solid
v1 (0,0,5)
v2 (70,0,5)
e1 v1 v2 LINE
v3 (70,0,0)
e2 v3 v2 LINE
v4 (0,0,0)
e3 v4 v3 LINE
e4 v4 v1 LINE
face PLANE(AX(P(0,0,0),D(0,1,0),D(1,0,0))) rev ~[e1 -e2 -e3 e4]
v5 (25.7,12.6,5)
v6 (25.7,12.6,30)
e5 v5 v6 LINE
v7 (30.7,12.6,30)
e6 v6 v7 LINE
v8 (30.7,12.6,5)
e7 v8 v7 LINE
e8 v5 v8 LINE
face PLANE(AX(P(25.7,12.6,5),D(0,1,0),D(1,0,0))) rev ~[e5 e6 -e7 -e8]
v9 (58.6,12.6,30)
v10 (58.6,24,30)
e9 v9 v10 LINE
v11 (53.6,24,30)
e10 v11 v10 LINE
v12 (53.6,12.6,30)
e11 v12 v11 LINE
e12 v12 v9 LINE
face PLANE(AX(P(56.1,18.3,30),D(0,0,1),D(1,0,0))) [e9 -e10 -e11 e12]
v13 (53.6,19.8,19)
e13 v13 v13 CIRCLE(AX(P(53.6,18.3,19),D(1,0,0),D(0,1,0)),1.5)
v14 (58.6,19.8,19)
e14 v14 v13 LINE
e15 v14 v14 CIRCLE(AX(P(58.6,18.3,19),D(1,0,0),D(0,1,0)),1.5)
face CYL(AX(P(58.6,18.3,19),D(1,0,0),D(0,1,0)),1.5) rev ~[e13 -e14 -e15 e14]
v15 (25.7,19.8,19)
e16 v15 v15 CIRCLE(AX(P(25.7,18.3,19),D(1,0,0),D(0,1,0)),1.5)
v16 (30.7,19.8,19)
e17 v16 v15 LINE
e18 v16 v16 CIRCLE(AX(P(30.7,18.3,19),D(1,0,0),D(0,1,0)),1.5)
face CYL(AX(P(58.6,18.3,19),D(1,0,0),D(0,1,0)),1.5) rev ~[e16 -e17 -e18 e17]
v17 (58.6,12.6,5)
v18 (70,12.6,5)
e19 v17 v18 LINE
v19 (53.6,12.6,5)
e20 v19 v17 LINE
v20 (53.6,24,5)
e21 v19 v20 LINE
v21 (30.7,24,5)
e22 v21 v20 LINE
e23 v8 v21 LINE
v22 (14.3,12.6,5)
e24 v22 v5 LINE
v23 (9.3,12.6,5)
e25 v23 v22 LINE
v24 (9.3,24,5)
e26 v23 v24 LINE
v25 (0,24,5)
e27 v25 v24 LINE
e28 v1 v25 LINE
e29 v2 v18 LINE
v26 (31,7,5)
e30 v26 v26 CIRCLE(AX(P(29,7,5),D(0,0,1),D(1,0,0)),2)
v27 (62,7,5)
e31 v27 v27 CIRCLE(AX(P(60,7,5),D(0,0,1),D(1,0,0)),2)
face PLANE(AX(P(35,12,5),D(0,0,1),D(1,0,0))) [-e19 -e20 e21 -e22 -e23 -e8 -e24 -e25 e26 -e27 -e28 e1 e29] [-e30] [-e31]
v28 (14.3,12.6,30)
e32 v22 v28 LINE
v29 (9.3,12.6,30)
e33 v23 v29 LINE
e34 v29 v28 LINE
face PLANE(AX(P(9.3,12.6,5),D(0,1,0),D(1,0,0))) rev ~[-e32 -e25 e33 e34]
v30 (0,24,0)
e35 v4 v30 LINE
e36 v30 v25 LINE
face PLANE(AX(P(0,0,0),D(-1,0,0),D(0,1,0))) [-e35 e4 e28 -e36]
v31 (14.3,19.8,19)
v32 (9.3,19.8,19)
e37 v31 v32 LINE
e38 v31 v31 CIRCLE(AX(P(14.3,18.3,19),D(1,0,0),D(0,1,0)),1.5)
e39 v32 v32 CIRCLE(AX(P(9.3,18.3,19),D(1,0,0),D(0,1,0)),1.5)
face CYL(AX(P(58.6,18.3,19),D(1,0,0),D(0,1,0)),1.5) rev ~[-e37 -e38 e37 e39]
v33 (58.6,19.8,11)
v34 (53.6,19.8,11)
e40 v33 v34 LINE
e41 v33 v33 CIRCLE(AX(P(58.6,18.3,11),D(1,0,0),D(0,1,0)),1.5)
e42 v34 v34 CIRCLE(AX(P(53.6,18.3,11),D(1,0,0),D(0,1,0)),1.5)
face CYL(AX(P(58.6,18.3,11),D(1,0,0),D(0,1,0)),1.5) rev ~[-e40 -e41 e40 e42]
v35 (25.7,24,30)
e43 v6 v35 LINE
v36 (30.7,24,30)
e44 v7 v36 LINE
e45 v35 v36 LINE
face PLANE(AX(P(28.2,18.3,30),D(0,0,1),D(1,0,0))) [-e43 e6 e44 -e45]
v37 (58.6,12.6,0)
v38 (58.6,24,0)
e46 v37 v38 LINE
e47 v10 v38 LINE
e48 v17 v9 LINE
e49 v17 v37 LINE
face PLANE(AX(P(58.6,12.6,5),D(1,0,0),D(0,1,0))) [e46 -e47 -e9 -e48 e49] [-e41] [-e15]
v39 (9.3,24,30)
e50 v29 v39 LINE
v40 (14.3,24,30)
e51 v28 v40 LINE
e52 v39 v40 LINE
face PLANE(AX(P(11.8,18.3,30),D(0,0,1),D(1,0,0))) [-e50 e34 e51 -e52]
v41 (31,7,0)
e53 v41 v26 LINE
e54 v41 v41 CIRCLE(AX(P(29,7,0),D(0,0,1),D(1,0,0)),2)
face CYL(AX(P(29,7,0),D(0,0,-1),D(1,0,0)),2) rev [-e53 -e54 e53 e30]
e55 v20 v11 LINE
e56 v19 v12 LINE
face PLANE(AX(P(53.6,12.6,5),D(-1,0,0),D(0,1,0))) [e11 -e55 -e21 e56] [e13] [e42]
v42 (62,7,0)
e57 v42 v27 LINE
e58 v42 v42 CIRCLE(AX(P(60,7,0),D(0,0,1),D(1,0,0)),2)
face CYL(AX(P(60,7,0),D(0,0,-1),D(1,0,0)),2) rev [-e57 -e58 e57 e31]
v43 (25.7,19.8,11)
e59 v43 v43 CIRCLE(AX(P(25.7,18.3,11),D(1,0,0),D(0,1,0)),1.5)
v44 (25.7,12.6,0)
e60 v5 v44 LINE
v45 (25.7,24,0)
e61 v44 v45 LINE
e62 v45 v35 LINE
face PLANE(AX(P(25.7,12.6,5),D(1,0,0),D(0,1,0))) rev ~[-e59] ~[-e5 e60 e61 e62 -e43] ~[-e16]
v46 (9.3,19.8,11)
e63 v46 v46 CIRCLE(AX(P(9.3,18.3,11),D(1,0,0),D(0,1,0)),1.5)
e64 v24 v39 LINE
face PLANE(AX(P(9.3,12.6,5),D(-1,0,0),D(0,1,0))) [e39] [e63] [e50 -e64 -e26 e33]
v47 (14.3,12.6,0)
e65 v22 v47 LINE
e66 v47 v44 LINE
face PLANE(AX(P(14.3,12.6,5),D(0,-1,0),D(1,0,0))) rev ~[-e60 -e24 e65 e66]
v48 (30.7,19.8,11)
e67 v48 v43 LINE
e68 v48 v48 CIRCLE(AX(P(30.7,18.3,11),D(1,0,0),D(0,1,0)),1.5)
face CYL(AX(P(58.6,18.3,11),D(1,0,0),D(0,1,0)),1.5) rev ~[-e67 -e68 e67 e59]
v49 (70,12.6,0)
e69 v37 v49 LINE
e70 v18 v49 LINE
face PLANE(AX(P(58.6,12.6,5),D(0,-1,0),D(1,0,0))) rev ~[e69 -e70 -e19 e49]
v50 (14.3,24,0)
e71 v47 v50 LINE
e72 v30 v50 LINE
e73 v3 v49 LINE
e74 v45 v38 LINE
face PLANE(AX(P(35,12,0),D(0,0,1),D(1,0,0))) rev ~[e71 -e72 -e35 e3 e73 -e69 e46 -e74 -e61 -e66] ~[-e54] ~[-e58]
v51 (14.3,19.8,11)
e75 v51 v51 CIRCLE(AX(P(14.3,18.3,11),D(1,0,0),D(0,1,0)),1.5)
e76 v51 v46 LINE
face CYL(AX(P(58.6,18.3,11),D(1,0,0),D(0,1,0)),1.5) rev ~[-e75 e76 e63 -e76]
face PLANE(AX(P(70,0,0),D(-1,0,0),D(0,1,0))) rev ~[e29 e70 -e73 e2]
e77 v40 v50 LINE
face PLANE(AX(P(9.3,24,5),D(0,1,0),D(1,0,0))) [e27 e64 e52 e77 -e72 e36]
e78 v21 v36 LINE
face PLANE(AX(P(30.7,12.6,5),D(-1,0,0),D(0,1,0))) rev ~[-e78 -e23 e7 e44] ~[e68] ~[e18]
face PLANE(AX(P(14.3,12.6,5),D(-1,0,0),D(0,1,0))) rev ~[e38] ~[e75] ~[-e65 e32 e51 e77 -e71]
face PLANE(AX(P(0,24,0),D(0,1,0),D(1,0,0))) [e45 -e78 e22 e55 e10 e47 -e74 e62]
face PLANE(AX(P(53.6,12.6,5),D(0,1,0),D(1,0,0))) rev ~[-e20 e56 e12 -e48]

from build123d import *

# Parameters (mm, degrees)
SKETCH_W        = 70
SKETCH_H        = 24
SKETCH_R        = 2
PAD_DEPTH       = 5
SKETCH001_W     = 11.4
SKETCH001_H     = 11.4
POCKET_DEPTH    = 5.001
SKETCH002_W     = 5
SKETCH002_H     = 11.4
PAD001_DEPTH    = 25
SKETCH003_R     = 1.5
POCKET001_DEPTH = 58.601


with BuildPart() as part:
    # Sketch → Pad (new body)
    with BuildSketch(Plane.XY):
        with Locations((35, 12)):
            Rectangle(SKETCH_W, SKETCH_H)
        with Locations((60, 7)):
            Circle(SKETCH_R, mode=Mode.SUBTRACT)
        with Locations((29, 7)):
            Circle(SKETCH_R, mode=Mode.SUBTRACT)
    extrude(amount=PAD_DEPTH)

    # Sketch001 → Pocket (cut, through all)
    with BuildSketch(Plane.XY.offset(5)):
        with Locations((64.3, 18.3)):
            Rectangle(SKETCH001_W, SKETCH001_H)
        with Locations((20, 18.3)):
            Rectangle(SKETCH001_W, SKETCH001_H)
    extrude(amount=-POCKET_DEPTH, mode=Mode.SUBTRACT)

    # Sketch002 → Pad001 (new body)
    with BuildSketch(Plane.XY.offset(5)):
        with Locations((11.8, 18.3)):
            Rectangle(SKETCH002_W, SKETCH002_H)
        with Locations((28.2, 18.3)):
            Rectangle(SKETCH002_W, SKETCH002_H)
        with Locations((56.1, 18.3)):
            Rectangle(SKETCH002_W, SKETCH002_H)
    extrude(amount=PAD001_DEPTH)

    # Sketch003 → Pocket001 (cut, through all)
    with BuildSketch(Plane.YZ.offset(58.6)):
        with Locations((18.3, 19)):
            Circle(SKETCH003_R)
        with Locations((18.3, 11)):
            Circle(SKETCH003_R)
    extrude(amount=-POCKET001_DEPTH, mode=Mode.SUBTRACT)


solid = part.part
